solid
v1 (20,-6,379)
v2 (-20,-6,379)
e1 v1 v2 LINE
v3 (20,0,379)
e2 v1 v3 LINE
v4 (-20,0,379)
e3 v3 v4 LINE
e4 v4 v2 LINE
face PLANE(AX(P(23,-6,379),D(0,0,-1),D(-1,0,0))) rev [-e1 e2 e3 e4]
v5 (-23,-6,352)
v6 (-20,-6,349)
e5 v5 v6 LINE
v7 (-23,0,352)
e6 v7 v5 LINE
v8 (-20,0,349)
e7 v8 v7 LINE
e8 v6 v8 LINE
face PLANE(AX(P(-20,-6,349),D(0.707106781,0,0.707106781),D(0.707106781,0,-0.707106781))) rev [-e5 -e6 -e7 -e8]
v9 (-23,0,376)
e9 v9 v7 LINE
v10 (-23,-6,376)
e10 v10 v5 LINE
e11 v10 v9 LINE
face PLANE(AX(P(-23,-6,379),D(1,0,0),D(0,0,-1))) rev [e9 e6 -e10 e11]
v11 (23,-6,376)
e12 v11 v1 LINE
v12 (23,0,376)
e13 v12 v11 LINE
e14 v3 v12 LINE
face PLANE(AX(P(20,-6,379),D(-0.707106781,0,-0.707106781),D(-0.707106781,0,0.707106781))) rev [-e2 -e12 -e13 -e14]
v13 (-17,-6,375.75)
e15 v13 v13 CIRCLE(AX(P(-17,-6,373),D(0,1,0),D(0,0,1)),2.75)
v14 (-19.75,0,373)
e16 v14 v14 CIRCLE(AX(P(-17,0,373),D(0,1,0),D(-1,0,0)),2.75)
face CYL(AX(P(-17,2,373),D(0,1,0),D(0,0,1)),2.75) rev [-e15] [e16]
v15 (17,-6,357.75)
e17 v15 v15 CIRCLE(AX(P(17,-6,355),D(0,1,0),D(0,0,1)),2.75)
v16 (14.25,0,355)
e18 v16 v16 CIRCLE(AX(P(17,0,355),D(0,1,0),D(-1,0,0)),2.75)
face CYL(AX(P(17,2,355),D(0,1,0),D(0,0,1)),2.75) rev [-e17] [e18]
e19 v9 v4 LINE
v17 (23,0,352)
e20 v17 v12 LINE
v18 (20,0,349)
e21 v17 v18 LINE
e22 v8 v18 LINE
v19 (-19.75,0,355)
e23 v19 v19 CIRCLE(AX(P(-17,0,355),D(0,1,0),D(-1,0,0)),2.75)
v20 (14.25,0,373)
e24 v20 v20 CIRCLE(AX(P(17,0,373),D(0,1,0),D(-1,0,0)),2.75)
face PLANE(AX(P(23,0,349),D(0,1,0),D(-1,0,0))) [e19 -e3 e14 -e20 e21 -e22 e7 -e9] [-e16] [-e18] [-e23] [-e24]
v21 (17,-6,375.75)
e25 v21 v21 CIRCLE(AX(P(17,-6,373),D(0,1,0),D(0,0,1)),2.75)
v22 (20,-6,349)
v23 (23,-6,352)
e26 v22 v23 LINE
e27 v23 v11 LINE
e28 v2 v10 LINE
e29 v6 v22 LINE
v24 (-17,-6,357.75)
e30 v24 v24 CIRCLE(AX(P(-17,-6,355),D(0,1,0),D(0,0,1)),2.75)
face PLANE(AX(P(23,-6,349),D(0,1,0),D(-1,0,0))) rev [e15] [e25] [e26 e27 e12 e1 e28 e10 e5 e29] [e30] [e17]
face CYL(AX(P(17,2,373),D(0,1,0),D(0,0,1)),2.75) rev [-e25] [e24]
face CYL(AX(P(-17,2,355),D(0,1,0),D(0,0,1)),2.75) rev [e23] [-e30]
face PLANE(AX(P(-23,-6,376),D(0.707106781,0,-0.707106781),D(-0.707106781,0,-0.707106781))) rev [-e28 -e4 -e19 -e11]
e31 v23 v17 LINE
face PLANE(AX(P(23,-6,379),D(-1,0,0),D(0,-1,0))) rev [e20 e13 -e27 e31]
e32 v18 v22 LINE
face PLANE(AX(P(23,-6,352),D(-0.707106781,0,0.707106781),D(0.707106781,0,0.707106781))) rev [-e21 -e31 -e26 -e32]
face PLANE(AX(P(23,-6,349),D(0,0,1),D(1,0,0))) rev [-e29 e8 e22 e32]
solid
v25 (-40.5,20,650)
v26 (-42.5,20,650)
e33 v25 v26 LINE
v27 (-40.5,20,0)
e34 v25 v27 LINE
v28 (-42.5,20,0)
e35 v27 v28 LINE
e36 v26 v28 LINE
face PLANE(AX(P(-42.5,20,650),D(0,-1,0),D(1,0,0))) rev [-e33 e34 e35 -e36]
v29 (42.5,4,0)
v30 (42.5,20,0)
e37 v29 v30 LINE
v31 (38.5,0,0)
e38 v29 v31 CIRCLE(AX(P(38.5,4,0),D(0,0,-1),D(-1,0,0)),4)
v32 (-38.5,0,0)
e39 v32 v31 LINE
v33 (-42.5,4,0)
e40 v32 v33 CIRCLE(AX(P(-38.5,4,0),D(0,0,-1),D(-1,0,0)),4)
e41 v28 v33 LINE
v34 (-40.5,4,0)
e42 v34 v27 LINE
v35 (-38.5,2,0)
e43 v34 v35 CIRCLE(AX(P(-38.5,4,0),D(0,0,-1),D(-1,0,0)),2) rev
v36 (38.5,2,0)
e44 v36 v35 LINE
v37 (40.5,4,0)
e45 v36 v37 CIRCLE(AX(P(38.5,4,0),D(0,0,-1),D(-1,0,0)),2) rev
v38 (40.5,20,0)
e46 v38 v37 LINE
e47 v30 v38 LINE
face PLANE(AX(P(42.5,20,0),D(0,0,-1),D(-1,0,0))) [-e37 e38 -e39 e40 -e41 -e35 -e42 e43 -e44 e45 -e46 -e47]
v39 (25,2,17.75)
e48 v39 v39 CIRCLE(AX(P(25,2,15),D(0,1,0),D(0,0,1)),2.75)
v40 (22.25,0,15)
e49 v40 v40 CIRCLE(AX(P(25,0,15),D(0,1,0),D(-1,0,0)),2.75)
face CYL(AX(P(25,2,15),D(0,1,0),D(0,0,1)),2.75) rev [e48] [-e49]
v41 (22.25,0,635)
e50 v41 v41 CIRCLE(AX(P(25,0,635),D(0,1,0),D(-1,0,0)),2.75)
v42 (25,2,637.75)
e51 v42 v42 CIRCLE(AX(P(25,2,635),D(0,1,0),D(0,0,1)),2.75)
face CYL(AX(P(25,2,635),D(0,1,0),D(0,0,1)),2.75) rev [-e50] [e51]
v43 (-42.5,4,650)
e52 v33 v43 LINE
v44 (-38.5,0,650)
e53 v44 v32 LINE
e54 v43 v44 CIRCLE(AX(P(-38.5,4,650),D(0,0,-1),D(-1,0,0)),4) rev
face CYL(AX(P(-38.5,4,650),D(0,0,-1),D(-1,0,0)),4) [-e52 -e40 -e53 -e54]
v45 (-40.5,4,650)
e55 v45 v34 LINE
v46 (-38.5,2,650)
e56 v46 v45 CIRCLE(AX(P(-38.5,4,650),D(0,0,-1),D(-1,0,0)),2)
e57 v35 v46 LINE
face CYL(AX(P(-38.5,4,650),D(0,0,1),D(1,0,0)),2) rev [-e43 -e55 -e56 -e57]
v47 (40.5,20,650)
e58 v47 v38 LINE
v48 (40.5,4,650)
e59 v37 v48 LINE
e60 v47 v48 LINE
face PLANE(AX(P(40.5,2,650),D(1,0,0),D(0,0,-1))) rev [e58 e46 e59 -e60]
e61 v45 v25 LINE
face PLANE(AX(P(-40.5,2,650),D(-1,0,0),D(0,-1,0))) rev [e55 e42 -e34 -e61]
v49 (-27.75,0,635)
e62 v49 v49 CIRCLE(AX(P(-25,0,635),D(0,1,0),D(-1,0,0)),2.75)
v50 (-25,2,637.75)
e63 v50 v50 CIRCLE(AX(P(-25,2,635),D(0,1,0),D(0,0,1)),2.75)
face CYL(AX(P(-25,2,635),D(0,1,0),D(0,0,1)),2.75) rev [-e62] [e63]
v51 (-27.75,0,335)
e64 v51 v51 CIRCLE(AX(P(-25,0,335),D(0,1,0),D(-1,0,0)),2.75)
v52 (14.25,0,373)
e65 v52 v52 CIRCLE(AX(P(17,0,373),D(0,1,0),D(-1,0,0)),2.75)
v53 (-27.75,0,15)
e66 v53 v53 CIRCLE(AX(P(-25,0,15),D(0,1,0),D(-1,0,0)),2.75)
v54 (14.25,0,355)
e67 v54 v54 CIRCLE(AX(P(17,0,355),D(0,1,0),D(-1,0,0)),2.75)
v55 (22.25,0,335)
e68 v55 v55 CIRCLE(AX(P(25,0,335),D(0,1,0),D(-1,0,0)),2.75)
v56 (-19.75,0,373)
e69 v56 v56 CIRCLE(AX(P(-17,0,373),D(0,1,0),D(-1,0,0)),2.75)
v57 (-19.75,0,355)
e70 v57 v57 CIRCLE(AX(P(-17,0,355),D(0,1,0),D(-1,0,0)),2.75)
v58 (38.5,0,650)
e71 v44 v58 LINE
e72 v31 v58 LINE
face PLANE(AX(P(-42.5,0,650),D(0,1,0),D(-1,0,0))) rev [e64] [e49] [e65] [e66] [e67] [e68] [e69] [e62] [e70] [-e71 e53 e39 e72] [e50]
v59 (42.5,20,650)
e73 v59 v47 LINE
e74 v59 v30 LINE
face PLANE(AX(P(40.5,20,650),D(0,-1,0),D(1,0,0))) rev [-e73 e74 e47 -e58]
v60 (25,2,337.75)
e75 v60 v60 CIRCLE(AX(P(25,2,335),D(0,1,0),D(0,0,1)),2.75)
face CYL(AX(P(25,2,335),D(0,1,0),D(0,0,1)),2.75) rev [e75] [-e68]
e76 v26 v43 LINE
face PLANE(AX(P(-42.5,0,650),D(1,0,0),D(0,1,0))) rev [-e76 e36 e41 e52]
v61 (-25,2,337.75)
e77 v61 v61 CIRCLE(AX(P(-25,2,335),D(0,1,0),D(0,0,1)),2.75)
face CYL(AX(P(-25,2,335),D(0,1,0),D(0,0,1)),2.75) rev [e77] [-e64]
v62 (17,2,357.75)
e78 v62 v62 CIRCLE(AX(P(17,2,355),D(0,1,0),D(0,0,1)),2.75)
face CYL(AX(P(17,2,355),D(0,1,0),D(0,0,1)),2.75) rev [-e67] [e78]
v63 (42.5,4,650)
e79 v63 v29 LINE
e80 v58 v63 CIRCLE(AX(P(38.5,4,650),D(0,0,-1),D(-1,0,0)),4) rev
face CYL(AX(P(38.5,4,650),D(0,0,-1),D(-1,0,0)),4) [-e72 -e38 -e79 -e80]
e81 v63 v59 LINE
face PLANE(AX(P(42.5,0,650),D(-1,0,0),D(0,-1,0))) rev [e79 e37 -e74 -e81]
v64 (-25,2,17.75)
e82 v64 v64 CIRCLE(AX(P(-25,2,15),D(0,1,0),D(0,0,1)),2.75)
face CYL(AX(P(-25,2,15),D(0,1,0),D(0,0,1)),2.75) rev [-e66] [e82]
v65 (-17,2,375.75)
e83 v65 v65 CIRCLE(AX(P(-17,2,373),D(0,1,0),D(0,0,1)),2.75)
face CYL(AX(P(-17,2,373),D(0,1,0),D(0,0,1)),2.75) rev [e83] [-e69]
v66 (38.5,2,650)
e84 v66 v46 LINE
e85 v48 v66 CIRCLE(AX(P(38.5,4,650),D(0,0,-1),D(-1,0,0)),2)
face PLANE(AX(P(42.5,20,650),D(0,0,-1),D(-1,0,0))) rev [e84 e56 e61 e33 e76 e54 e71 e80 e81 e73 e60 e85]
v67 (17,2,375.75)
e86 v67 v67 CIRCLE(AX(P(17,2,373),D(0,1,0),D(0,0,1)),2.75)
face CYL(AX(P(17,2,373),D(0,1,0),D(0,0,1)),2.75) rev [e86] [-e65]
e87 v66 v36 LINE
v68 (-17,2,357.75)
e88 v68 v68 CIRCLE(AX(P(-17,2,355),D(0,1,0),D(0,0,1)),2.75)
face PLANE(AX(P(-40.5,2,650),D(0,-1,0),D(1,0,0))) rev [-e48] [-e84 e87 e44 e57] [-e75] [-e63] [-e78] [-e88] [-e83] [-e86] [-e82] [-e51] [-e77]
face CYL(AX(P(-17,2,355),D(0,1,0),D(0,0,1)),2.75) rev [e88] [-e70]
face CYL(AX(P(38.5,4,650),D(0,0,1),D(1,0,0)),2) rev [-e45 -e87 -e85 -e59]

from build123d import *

# Parameters (mm, degrees)
BOSS_EXTRUDE1_DEPTH           = 650
FILLET1_R                     = 2
FILLET2_R                     = 4
SKETCH2_W                     = 46
SKETCH2_H                     = 30
BOSS_EXTRUDE2_DEPTH           = 6
CHAMFER1_SIZE                 = 3
SKETCH3_W                     = 2.75
SKETCH3_H                     = 8
M5_CLEARANCE_HOLE1_AT_2_COUNT = 2
M5_CLEARANCE_HOLE1_AT_2_PITCH = 620
M5_CLEARANCE_HOLE1_AT_3_COUNT = 2
M5_CLEARANCE_HOLE1_AT_3_PITCH = 50
M5_CLEARANCE_HOLE1_AT_4_COUNT = 2
M5_CLEARANCE_HOLE1_AT_4_PITCH = 323.882694814
M5_CLEARANCE_HOLE1_AT_5_COUNT = 2
M5_CLEARANCE_HOLE1_AT_5_PITCH = 320
M5_CLEARANCE_HOLE1_AT_6_COUNT = 2
M5_CLEARANCE_HOLE1_AT_6_PITCH = 622.012861603
SKETCH5_W                     = 2.75
SKETCH5_H                     = 8
M5_CLEARANCE_HOLE2_AT_2_COUNT = 2
M5_CLEARANCE_HOLE2_AT_2_PITCH = 34
M5_CLEARANCE_HOLE2_AT_3_COUNT = 2
M5_CLEARANCE_HOLE2_AT_3_PITCH = 38.470768123
M5_CLEARANCE_HOLE2_AT_4_COUNT = 2
M5_CLEARANCE_HOLE2_AT_4_PITCH = 18


with BuildPart() as part:
    # Sketch1 → Boss-Extrude1 (new body)
    with BuildSketch(Plane.XY):
        Polygon((40.5, 20), (42.5, 20), (42.5, 0), (-42.5, 0), (-42.5, 20), (-40.5, 20), (-40.5, 2), (40.5, 2), align=None)
    extrude(amount=BOSS_EXTRUDE1_DEPTH)

    # Fillet1
    fillet1_edges = [part.edges().sort_by_distance(p)[0] for p in [
        (-40.5, 2, 325),
        (40.5, 2, 325),
    ]]
    fillet(fillet1_edges, radius=FILLET1_R)

    # Fillet2
    fillet2_edges = [part.edges().sort_by_distance(p)[0] for p in [
        (42.5, 0, 325),
        (-42.5, 0, 325),
    ]]
    fillet(fillet2_edges, radius=FILLET2_R)

    # Sketch3 → M5 Clearance Hole1 (revolve, cut)
    with BuildSketch(Plane(origin=(-25, 2, 15), x_dir=(0, 0, 1), z_dir=(1, 0, 0))):
        with Locations((1.375, 4)):
            Rectangle(SKETCH3_W, SKETCH3_H)
    m5_clearance_hole1 = revolve(axis=Axis((-25, 8.35, 15), (0, -1, 0)), mode=Mode.SUBTRACT)

    # M5 Clearance Hole1 at 2: M5 Clearance Hole1 ×2
    with Locations(*[(0, 0, i * M5_CLEARANCE_HOLE1_AT_2_PITCH) for i in range(1, M5_CLEARANCE_HOLE1_AT_2_COUNT)]):
        add(m5_clearance_hole1, mode=Mode.SUBTRACT)

    # M5 Clearance Hole1 at 3: M5 Clearance Hole1 ×2
    with Locations(*[(i * M5_CLEARANCE_HOLE1_AT_3_PITCH, 0, 0) for i in range(1, M5_CLEARANCE_HOLE1_AT_3_COUNT)]):
        add(m5_clearance_hole1, mode=Mode.SUBTRACT)

    # M5 Clearance Hole1 at 4: M5 Clearance Hole1 ×2
    with Locations(*[Vector(0.15437688, 0, 0.988012034) * (i * M5_CLEARANCE_HOLE1_AT_4_PITCH) for i in range(1, M5_CLEARANCE_HOLE1_AT_4_COUNT)]):
        add(m5_clearance_hole1, mode=Mode.SUBTRACT)

    # M5 Clearance Hole1 at 5: M5 Clearance Hole1 ×2
    with Locations(*[(0, 0, i * M5_CLEARANCE_HOLE1_AT_5_PITCH) for i in range(1, M5_CLEARANCE_HOLE1_AT_5_COUNT)]):
        add(m5_clearance_hole1, mode=Mode.SUBTRACT)

    # M5 Clearance Hole1 at 6: M5 Clearance Hole1 ×2
    with Locations(*[Vector(0.08038419, 0, 0.996763955) * (i * M5_CLEARANCE_HOLE1_AT_6_PITCH) for i in range(1, M5_CLEARANCE_HOLE1_AT_6_COUNT)]):
        add(m5_clearance_hole1, mode=Mode.SUBTRACT)


with BuildPart() as body_2:
    # Sketch2 → Boss-Extrude2 (new body)
    with BuildSketch(Plane.XZ):
        with Locations((0, 364)):
            Rectangle(SKETCH2_W, SKETCH2_H)
    extrude(amount=BOSS_EXTRUDE2_DEPTH)

    # Chamfer1
    chamfer1_edges = [body_2.edges().sort_by_distance(p)[0] for p in [
        (23, -3, 349),
        (-23, -3, 349),
        (-23, -3, 379),
        (23, -3, 379),
    ]]
    chamfer(chamfer1_edges, length=CHAMFER1_SIZE)


with BuildPart() as m5_clearance_hole2_tool:
    # Sketch5 → M5 Clearance Hole2 (revolve)
    with BuildSketch(Plane(origin=(17, 2, 355), x_dir=(0, 0, 1), z_dir=(1, 0, 0))):
        with Locations((1.375, 4)):
            Rectangle(SKETCH5_W, SKETCH5_H)
    m5_clearance_hole2 = revolve(axis=Axis((17, 8.35, 355), (0, -1, 0)))


with BuildPart() as part_1:
    add(part.part)

    # M5 Clearance Hole2: cut by m5_clearance_hole2_tool
    add(m5_clearance_hole2_tool.part, mode=Mode.SUBTRACT)


with BuildPart() as body_2_1:
    add(body_2.part)

    # M5 Clearance Hole2: cut by m5_clearance_hole2_tool
    add(m5_clearance_hole2_tool.part, mode=Mode.SUBTRACT)


with BuildPart() as m5_clearance_hole2_at_2_tool:
    # M5 Clearance Hole2 at 2: M5 Clearance Hole2 ×2
    with Locations(*[(-i * M5_CLEARANCE_HOLE2_AT_2_PITCH, 0, 0) for i in range(1, M5_CLEARANCE_HOLE2_AT_2_COUNT)]):
        add(m5_clearance_hole2)


with BuildPart() as part_2:
    add(part_1.part)

    # M5 Clearance Hole2 at 2: cut by m5_clearance_hole2_at_2_tool
    add(m5_clearance_hole2_at_2_tool.part, mode=Mode.SUBTRACT)


with BuildPart() as body_2_2:
    add(body_2_1.part)

    # M5 Clearance Hole2 at 2: cut by m5_clearance_hole2_at_2_tool
    add(m5_clearance_hole2_at_2_tool.part, mode=Mode.SUBTRACT)


with BuildPart() as m5_clearance_hole2_at_3_tool:
    # M5 Clearance Hole2 at 3: M5 Clearance Hole2 ×2
    with Locations(*[Vector(-0.883787916, 0, 0.46788772) * (i * M5_CLEARANCE_HOLE2_AT_3_PITCH) for i in range(1, M5_CLEARANCE_HOLE2_AT_3_COUNT)]):
        add(m5_clearance_hole2)


with BuildPart() as part_3:
    add(part_2.part)

    # M5 Clearance Hole2 at 3: cut by m5_clearance_hole2_at_3_tool
    add(m5_clearance_hole2_at_3_tool.part, mode=Mode.SUBTRACT)


with BuildPart() as body_2_3:
    add(body_2_2.part)

    # M5 Clearance Hole2 at 3: cut by m5_clearance_hole2_at_3_tool
    add(m5_clearance_hole2_at_3_tool.part, mode=Mode.SUBTRACT)


with BuildPart() as m5_clearance_hole2_at_4_tool:
    # M5 Clearance Hole2 at 4: M5 Clearance Hole2 ×2
    with Locations(*[(0, 0, i * M5_CLEARANCE_HOLE2_AT_4_PITCH) for i in range(1, M5_CLEARANCE_HOLE2_AT_4_COUNT)]):
        add(m5_clearance_hole2)


with BuildPart() as part_4:
    add(part_3.part)

    # M5 Clearance Hole2 at 4: cut by m5_clearance_hole2_at_4_tool
    add(m5_clearance_hole2_at_4_tool.part, mode=Mode.SUBTRACT)


with BuildPart() as body_2_4:
    add(body_2_3.part)

    # M5 Clearance Hole2 at 4: cut by m5_clearance_hole2_at_4_tool
    add(m5_clearance_hole2_at_4_tool.part, mode=Mode.SUBTRACT)


solid = Compound([part_4.part, body_2_4.part])
